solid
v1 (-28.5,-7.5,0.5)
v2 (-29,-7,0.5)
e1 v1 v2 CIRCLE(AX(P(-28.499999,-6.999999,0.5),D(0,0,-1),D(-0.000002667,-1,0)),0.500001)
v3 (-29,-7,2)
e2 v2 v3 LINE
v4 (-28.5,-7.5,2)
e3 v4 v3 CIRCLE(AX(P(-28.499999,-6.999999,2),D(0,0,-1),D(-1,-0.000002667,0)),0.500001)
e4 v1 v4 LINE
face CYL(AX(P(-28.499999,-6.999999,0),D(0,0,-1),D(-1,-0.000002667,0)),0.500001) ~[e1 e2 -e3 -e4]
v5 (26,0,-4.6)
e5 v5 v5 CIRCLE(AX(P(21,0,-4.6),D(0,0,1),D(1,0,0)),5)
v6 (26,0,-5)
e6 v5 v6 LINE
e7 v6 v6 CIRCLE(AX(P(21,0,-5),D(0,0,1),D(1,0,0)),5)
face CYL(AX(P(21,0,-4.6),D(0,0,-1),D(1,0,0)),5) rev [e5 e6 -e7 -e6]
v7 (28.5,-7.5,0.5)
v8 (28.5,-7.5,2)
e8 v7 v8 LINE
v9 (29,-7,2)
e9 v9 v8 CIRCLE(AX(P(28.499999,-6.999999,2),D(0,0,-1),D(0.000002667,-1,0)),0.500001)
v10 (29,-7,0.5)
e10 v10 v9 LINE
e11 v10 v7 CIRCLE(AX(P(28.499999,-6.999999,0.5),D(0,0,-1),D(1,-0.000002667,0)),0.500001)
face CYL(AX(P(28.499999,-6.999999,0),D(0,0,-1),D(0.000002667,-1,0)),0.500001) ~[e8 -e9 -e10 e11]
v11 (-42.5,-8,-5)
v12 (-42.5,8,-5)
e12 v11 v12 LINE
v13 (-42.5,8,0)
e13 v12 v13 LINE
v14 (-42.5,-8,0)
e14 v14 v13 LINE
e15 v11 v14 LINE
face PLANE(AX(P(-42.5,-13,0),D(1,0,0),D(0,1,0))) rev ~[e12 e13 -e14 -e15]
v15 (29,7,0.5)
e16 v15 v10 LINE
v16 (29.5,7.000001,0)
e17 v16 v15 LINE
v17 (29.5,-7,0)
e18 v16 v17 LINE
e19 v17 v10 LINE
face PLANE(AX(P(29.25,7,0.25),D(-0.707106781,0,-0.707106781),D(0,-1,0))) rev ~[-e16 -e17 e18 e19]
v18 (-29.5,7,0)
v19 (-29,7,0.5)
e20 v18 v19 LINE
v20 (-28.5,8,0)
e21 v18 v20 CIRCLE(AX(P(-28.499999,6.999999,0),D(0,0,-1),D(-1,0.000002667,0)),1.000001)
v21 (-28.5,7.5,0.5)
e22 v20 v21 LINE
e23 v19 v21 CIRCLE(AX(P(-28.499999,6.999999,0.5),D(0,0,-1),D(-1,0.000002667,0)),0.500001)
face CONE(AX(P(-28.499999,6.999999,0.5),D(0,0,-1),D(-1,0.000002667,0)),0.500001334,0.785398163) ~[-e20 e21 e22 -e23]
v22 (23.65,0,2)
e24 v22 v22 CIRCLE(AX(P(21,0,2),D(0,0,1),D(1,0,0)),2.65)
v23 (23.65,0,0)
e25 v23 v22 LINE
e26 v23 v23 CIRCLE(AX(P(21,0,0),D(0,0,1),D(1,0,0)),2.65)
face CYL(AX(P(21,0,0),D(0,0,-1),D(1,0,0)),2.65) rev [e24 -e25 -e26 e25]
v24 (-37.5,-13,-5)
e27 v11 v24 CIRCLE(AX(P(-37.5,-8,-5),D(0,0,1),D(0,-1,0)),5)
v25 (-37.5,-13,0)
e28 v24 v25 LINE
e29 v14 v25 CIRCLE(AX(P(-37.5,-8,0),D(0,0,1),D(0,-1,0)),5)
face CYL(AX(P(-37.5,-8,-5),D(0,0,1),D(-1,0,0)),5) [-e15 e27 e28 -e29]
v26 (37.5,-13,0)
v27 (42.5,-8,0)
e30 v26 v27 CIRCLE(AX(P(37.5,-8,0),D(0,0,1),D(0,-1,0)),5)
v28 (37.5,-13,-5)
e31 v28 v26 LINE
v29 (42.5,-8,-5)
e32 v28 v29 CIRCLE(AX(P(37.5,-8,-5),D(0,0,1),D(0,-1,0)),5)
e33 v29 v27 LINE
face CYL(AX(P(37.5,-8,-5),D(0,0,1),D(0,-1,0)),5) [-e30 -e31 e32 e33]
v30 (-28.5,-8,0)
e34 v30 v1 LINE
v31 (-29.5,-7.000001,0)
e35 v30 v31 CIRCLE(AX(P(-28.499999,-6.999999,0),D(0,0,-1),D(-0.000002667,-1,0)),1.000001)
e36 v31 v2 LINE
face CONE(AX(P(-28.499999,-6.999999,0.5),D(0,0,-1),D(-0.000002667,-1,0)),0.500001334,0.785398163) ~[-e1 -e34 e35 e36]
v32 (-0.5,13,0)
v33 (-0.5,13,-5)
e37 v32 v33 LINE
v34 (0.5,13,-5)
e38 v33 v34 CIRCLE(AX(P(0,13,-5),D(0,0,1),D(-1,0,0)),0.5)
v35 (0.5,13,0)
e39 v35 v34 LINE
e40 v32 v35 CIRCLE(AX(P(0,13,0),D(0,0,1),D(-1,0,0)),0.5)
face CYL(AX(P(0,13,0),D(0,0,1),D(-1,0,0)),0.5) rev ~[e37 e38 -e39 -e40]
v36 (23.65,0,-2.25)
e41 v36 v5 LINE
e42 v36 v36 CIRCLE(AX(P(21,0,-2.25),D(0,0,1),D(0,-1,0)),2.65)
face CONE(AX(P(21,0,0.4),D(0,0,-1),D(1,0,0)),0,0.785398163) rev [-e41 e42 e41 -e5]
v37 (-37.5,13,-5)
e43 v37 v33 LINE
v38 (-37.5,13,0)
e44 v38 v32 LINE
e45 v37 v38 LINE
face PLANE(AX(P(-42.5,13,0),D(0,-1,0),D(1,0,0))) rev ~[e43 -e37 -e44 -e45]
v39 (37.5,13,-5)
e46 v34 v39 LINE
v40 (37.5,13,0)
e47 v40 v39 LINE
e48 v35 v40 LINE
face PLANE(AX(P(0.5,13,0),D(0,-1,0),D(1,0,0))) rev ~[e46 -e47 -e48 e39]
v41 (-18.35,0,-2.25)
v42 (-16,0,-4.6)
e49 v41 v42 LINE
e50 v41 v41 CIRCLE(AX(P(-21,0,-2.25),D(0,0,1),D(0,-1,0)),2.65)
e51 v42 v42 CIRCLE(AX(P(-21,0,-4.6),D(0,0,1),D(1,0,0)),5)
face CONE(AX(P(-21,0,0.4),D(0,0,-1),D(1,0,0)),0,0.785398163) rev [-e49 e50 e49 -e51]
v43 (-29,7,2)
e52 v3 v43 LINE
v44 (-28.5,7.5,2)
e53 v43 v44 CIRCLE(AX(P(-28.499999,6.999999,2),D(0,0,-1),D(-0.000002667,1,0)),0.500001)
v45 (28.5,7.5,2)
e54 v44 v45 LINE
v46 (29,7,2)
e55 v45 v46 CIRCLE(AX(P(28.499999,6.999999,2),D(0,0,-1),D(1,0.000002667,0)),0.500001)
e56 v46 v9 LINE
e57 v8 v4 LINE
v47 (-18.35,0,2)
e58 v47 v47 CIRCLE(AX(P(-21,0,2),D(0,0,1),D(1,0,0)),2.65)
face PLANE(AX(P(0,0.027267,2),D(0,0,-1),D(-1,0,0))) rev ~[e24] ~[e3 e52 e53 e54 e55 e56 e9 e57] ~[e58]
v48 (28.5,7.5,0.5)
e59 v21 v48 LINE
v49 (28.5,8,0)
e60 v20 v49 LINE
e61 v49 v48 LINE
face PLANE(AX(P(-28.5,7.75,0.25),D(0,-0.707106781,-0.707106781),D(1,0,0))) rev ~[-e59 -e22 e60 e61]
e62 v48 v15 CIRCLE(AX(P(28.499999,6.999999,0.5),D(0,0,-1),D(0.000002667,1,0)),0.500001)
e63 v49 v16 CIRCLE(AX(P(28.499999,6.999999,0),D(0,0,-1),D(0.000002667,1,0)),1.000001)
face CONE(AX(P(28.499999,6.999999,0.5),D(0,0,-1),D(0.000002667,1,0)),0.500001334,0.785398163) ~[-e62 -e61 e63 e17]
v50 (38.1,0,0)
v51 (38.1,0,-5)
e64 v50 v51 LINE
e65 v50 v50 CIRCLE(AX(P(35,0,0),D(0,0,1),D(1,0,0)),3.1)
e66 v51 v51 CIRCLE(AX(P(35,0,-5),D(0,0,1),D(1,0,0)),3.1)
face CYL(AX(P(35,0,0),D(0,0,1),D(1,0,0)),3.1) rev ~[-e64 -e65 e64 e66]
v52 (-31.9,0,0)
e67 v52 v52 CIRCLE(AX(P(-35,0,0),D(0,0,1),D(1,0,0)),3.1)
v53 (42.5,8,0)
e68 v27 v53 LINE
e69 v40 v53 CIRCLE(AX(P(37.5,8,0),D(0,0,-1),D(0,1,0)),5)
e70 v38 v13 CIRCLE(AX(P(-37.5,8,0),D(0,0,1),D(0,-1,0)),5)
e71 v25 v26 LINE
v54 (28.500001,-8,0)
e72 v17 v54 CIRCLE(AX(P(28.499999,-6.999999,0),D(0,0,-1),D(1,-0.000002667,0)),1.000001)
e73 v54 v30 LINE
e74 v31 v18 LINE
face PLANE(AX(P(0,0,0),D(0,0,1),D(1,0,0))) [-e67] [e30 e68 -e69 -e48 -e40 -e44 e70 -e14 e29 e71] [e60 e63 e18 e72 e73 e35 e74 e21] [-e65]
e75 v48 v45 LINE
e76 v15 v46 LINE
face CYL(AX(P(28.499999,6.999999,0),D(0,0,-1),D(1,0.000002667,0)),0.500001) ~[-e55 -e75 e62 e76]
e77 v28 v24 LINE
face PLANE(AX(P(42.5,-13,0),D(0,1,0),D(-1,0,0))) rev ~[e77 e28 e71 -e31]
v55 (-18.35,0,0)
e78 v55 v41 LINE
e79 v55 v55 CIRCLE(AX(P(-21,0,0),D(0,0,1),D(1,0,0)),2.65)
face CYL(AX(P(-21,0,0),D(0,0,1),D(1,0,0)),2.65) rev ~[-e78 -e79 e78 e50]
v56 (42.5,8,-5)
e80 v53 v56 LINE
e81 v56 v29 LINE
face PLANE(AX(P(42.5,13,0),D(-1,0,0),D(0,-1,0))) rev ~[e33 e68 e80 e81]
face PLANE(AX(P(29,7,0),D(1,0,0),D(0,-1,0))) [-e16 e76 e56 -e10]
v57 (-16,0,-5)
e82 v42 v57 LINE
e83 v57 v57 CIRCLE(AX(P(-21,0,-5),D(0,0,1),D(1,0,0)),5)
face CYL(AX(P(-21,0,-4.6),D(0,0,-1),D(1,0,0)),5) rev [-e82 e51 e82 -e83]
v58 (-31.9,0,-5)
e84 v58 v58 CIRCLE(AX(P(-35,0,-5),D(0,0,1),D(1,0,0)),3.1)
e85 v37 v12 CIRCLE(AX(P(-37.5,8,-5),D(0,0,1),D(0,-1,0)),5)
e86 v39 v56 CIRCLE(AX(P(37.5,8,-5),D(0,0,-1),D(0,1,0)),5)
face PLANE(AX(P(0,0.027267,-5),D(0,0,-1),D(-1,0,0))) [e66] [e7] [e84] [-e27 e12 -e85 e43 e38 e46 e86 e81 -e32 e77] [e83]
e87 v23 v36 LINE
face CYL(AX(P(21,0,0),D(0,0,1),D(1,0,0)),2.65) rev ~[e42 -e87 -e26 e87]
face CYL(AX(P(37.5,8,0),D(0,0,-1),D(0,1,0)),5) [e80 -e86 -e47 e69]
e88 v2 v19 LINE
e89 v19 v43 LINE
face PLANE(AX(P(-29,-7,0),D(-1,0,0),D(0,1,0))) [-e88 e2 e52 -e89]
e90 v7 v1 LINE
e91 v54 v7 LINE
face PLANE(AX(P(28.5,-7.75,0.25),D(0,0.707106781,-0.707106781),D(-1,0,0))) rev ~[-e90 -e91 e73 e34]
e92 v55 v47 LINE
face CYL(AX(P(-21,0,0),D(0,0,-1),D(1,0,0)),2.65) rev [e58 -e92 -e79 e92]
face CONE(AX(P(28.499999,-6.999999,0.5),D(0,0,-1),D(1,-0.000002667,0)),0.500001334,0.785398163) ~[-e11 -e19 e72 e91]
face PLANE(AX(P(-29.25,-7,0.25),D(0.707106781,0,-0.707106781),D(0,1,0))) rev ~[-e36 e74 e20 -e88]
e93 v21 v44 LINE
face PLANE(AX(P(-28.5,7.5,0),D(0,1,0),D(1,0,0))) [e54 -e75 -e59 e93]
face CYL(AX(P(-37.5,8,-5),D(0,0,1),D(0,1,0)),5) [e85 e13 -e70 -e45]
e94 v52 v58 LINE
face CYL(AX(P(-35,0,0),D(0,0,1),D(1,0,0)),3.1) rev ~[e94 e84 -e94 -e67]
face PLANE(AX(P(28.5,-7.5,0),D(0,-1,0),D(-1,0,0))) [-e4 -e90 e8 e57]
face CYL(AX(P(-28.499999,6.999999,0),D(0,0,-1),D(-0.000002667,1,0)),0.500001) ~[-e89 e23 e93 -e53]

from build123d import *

# Parameters (mm, degrees)
SKETCH_R       = 2.65
SKETCH_R_2     = 3.1
PAD_DEPTH      = 2
PAD_DEPTH_BACK = 5
SKETCH001_W    = 85
SKETCH001_H    = 26
POCKET_DEPTH   = 5
FILLET_R       = 5
CHAMFER_SIZE   = 0.5


with BuildPart() as part:
    # Sketch → Pad (new body, two sides)
    with BuildSketch(Plane.XY) as pad_sk:
        with BuildLine():
            Line((-42.5, 13), (-0.5, 13))
            ThreePointArc((-0.5, 13), (0, 12.5), (0.5, 13))
            Line((0.5, 13), (42.5, 13))
            Line((42.5, 13), (42.5, -13))
            Line((42.5, -13), (-42.5, -13))
            Line((-42.5, -13), (-42.5, 13))
        make_face()
        with Locations((-21, 0)):
            Circle(SKETCH_R, mode=Mode.SUBTRACT)
        with Locations((-35, 0)):
            Circle(SKETCH_R_2, mode=Mode.SUBTRACT)
        with Locations((35, 0)):
            Circle(SKETCH_R_2, mode=Mode.SUBTRACT)
        with Locations((21, 0)):
            Circle(SKETCH_R, mode=Mode.SUBTRACT)
    extrude(amount=PAD_DEPTH)
    extrude(pad_sk.sketch, amount=-PAD_DEPTH_BACK)

    # Sketch001 → Pocket (cut)
    with BuildSketch(Plane.XY):
        Rectangle(SKETCH001_W, SKETCH001_H)
        with BuildLine():
            Line((-28.5, 7.5), (28.5, 7.5))
            ThreePointArc((29, 7), (28.853553, 7.353553), (28.5, 7.5))
            Line((29, 7), (29, -7))
            ThreePointArc((28.5, -7.5), (28.853553, -7.353553), (29, -7))
            Line((28.5, -7.5), (-28.5, -7.5))
            ThreePointArc((-29, -7), (-28.853553, -7.353553), (-28.5, -7.5))
            Line((-29, -7), (-29, 7))
            ThreePointArc((-28.5, 7.5), (-28.853553, 7.353553), (-29, 7))
        make_face(mode=Mode.SUBTRACT)
    extrude(amount=POCKET_DEPTH, mode=Mode.SUBTRACT)

    # Sketch002 → Groove (revolve, cut)
    with BuildSketch(Plane.XZ):
        Polygon((-21, 0.4), (-16, -4.6), (-16, -5), (-21, -5), align=None)
    revolve(axis=Axis((-21, 0, 0), (0, 0, 1)), mode=Mode.SUBTRACT)

    # Sketch003 → Groove001 (revolve, cut)
    with BuildSketch(Plane.XZ):
        Polygon((21, 0.4), (26, -4.6), (26, -5), (21, -5), align=None)
    revolve(axis=Axis((21, 0, 0), (0, 0, 1)), mode=Mode.SUBTRACT)

    # Fillet
    fillet_edges = [part.edges().sort_by_distance(p)[0] for p in [
        (42.5, 13, -2.5),
        (42.5, -13, -2.5),
        (-42.5, 13, -2.5),
        (-42.5, -13, -2.5),
    ]]
    fillet(fillet_edges, radius=FILLET_R)

    # Chamfer
    chamfer_edges = [part.edges().sort_by_distance(p)[0] for p in [
        (0, 7.5, 0),
    ]]
    chamfer(chamfer_edges, length=CHAMFER_SIZE)


solid = part.part
